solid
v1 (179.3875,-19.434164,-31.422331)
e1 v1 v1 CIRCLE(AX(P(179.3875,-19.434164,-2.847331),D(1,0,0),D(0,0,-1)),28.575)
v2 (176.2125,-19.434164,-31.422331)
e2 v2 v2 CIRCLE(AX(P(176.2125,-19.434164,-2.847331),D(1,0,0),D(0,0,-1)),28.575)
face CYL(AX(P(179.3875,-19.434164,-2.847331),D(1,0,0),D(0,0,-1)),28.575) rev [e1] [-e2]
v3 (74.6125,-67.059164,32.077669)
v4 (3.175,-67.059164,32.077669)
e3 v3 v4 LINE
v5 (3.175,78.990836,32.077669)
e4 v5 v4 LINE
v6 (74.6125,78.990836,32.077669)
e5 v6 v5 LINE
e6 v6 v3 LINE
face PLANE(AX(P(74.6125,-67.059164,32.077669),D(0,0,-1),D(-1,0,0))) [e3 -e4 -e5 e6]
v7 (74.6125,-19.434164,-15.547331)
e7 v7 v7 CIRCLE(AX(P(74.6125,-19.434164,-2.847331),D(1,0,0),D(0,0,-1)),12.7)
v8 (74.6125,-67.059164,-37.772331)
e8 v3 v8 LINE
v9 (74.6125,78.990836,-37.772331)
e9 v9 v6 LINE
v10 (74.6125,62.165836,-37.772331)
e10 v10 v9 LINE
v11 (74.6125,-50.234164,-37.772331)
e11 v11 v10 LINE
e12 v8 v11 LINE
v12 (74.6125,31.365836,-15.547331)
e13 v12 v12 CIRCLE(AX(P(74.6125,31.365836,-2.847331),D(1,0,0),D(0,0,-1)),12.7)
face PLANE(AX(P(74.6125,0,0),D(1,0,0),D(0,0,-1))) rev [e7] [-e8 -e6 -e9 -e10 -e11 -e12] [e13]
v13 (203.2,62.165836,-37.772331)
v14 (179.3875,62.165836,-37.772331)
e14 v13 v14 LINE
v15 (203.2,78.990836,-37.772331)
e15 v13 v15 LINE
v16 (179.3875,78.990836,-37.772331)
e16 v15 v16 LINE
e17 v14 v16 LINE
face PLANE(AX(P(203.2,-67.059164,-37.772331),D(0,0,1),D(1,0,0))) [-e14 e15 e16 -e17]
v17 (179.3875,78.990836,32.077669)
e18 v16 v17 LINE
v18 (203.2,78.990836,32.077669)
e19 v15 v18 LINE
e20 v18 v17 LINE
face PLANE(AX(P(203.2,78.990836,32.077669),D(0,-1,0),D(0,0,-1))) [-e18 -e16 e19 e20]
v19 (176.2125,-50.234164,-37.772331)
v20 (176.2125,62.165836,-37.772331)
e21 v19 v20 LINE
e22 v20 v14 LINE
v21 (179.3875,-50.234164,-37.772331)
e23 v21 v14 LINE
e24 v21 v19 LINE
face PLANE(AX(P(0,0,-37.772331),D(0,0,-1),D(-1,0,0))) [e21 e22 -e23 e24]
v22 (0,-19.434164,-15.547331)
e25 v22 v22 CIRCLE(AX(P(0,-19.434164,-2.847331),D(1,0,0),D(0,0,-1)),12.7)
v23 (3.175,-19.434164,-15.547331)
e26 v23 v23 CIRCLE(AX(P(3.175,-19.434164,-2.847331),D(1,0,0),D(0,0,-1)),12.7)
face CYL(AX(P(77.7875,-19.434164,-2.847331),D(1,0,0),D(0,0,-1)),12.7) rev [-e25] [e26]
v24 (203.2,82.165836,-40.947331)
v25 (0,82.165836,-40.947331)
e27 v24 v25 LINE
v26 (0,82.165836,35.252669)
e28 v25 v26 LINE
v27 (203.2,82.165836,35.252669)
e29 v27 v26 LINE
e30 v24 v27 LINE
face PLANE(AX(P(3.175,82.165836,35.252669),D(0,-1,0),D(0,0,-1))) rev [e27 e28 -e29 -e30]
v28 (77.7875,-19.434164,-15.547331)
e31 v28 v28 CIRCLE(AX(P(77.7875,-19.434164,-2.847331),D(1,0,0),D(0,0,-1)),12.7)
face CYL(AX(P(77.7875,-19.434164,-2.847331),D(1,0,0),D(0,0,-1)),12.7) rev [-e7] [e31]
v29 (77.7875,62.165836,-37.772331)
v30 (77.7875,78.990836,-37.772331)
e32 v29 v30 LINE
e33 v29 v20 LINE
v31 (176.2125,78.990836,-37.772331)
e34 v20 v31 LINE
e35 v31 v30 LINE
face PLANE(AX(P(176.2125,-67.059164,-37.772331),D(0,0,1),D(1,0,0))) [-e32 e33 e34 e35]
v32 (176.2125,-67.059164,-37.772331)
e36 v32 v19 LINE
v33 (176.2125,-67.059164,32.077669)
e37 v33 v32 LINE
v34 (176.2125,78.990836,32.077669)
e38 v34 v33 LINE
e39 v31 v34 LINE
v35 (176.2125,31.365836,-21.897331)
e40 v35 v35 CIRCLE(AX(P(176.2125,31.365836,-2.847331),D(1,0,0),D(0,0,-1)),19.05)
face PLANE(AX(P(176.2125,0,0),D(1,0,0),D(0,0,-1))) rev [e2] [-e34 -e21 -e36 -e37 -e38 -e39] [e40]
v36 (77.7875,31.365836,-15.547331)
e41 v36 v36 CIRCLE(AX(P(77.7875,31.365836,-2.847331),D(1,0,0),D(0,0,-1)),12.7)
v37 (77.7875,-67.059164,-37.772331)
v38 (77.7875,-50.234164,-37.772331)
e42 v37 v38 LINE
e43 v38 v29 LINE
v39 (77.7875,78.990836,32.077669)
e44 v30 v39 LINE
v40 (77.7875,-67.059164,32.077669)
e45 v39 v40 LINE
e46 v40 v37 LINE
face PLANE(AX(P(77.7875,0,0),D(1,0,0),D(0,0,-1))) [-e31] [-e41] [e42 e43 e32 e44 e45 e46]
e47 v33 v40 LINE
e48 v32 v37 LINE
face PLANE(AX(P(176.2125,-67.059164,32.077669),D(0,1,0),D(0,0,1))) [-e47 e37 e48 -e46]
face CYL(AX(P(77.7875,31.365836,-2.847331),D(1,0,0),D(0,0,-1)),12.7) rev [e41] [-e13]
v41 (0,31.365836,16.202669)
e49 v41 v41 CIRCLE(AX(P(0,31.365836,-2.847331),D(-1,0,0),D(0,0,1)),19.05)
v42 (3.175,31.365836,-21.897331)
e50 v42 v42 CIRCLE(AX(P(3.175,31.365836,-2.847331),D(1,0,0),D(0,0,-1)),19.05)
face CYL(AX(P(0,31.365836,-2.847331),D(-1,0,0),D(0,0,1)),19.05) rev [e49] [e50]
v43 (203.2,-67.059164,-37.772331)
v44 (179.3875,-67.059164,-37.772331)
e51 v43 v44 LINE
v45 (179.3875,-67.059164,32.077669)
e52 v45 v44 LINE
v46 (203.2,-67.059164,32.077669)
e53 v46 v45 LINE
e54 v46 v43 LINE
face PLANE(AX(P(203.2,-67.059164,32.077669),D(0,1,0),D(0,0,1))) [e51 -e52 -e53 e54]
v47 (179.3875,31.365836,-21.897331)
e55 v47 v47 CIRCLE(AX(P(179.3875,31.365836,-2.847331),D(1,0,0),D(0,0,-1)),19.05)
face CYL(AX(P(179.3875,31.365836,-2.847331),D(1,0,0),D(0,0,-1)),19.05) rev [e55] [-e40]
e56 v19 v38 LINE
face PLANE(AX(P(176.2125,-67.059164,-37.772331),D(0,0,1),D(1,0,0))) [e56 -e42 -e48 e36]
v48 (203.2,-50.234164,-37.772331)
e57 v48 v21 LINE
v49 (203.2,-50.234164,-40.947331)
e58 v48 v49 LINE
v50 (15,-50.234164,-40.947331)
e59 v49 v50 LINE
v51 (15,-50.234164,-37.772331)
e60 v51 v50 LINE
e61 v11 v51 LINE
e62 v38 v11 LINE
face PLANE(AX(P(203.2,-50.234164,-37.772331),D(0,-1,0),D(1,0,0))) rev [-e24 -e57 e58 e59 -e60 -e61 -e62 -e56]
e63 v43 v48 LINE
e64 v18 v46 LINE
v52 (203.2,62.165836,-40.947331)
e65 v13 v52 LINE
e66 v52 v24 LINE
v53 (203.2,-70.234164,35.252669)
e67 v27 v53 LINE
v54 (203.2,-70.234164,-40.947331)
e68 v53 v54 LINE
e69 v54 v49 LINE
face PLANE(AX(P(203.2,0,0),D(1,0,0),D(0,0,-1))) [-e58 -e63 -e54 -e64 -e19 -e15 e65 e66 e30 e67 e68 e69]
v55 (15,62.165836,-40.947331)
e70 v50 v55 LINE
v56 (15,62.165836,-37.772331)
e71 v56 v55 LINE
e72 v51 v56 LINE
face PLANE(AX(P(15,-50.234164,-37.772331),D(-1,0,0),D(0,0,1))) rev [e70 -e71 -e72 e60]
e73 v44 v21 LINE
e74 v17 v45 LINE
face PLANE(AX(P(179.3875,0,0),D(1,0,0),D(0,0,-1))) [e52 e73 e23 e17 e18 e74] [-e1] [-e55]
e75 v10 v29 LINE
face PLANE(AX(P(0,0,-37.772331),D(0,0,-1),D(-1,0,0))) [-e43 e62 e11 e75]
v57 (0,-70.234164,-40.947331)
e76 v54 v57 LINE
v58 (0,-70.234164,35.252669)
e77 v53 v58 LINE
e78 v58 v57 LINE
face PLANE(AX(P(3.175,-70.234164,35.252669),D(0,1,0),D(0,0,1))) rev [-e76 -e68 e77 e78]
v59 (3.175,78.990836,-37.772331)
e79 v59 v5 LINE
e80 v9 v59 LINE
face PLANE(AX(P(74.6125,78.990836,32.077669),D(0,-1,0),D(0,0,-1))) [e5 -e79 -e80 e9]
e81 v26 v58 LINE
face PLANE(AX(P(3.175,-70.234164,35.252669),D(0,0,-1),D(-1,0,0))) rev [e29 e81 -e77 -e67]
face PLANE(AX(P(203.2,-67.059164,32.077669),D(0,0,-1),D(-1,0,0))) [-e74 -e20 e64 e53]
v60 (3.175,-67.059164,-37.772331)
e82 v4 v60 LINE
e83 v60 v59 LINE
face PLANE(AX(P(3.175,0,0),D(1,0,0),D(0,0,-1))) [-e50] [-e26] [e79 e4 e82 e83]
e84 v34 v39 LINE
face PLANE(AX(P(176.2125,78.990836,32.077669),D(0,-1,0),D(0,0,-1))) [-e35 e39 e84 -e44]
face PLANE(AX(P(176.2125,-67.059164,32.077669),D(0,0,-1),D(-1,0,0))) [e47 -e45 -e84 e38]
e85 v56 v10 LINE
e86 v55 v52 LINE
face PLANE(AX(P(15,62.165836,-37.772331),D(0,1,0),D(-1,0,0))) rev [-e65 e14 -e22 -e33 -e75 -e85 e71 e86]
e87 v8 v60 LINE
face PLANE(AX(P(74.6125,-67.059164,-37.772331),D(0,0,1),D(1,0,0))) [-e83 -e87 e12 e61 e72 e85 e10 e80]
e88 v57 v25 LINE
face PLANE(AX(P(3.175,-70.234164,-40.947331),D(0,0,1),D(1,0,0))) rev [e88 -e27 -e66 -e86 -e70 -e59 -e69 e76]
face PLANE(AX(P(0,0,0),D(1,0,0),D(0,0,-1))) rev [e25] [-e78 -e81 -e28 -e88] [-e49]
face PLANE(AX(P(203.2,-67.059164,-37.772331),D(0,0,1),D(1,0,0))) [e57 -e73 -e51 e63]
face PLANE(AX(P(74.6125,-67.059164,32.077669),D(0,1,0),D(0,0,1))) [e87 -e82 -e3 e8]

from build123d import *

# Parameters (mm, degrees)
SKETCH2_W                      = 152.4
SKETCH2_H                      = 76.2
BOSS_EXTRUDE1_DEPTH            = 3.175
SKETCH3_W                      = 152.4
SKETCH3_H                      = 76.2
SKETCH3_W_2                    = 146.05
SKETCH3_H_2                    = 69.85
BOSS_EXTRUDE2_DEPTH            = 71.4375
SKETCH4_W                      = 152.4
SKETCH4_H                      = 76.2
BOSS_EXTRUDE3_DEPTH            = 3.175
SKETCH5_W                      = 152.4
SKETCH5_H                      = 76.2
SKETCH5_W_2                    = 146.05
SKETCH5_H_2                    = 69.85
BOSS_EXTRUDE4_DEPTH            = 98.425
F_97_1_DIAMETER_HOLE1_D        = 25.4
F_97_1_5_DIAMETER_HOLE1_D      = 38.1
F_97_1_5_DIAMETER_HOLE1_DEPTH  = 6.35
SKETCH6_W                      = 152.4
SKETCH6_H                      = 76.2
BOSS_EXTRUDE6_DEPTH            = 3.175
F_97_1_5_DIAMETER_HOLE2_D      = 38.1
F_97_1_5_DIAMETER_HOLE2_DEPTH  = 6.35
F_97_2_25_DIAMETER_HOLE1_D     = 57.15
F_97_2_25_DIAMETER_HOLE1_DEPTH = 6.35
SKETCH16_W                     = 152.4
SKETCH16_H                     = 76.2
SKETCH16_W_2                   = 146.05
SKETCH16_H_2                   = 69.85
BOSS_EXTRUDE7_DEPTH            = 23.8125
SKETCH17_W                     = 188.2
SKETCH17_H                     = 112.4
CUT_EXTRUDE1_DEPTH             = 3.175


with BuildPart() as part:
    # Sketch2 → Boss-Extrude1 (new body)
    with BuildSketch(Plane.YZ):
        with Locations((5.965836299, -2.847330961)):
            Rectangle(SKETCH2_W, SKETCH2_H)
    extrude(amount=BOSS_EXTRUDE1_DEPTH)

    # Sketch3 → Boss-Extrude2 (add)
    with BuildSketch(Plane.YZ.offset(3.175)):
        with Locations((5.965836299, -2.847330961)):
            Rectangle(SKETCH3_W, SKETCH3_H)
        with Locations((5.965836299, -2.847330961)):
            Rectangle(SKETCH3_W_2, SKETCH3_H_2, mode=Mode.SUBTRACT)
    extrude(amount=BOSS_EXTRUDE2_DEPTH)

    # Sketch4 → Boss-Extrude3 (add)
    with BuildSketch(Plane.YZ.offset(74.6125)):
        with Locations((5.965836299, -2.847330961)):
            Rectangle(SKETCH4_W, SKETCH4_H)
    extrude(amount=BOSS_EXTRUDE3_DEPTH)

    # Sketch5 → Boss-Extrude4 (add)
    with BuildSketch(Plane.YZ.offset(77.7875)):
        with Locations((5.965836299, -2.847330961)):
            Rectangle(SKETCH5_W, SKETCH5_H)
        with Locations((5.965836299, -2.847330961)):
            Rectangle(SKETCH5_W_2, SKETCH5_H_2, mode=Mode.SUBTRACT)
    extrude(amount=BOSS_EXTRUDE4_DEPTH)

    # #97 (1) Diameter Hole1 (through all)
    with Locations(Plane.YZ.offset(77.7875)):
        with Locations((-19.434163701, -2.847330961), (31.365836299, -2.847330961)):
            Hole(F_97_1_DIAMETER_HOLE1_D / 2)

    # #97 (1.5) Diameter Hole1
    with Locations(Plane(origin=(0, 0, 0), x_dir=(0, -1, 0), z_dir=(-1, 0, 0))):
        with Locations((-31.365836299, -2.847330961)):
            Hole(F_97_1_5_DIAMETER_HOLE1_D / 2, depth=F_97_1_5_DIAMETER_HOLE1_DEPTH)

    # Sketch6 → Boss-Extrude6 (add)
    with BuildSketch(Plane.YZ.offset(176.2125)):
        with Locations((5.965836299, -2.847330961)):
            Rectangle(SKETCH6_W, SKETCH6_H)
    extrude(amount=BOSS_EXTRUDE6_DEPTH)

    # #97 (1.5) Diameter Hole2
    with Locations(Plane.YZ.offset(179.3875)):
        with Locations((31.365836299, -2.847330961)):
            Hole(F_97_1_5_DIAMETER_HOLE2_D / 2, depth=F_97_1_5_DIAMETER_HOLE2_DEPTH)

    # #97 (2.25) Diameter Hole1
    with Locations(Plane.YZ.offset(179.3875)):
        with Locations((-19.434163701, -2.847330961)):
            Hole(F_97_2_25_DIAMETER_HOLE1_D / 2, depth=F_97_2_25_DIAMETER_HOLE1_DEPTH)

    # Sketch16 → Boss-Extrude7 (add)
    with BuildSketch(Plane.YZ.offset(179.3875)):
        with Locations((5.965836299, -2.847330961)):
            Rectangle(SKETCH16_W, SKETCH16_H)
        with Locations((5.965836299, -2.847330961)):
            Rectangle(SKETCH16_W_2, SKETCH16_H_2, mode=Mode.SUBTRACT)
    extrude(amount=BOSS_EXTRUDE7_DEPTH)

    # Sketch17 → Cut-Extrude1 (cut)
    with BuildSketch(Plane(origin=(0, 0, -40.947330961), x_dir=(1, 0, 0), z_dir=(0, 0, -1))):
        with Locations((109.1, -5.965836299)):
            Rectangle(SKETCH17_W, SKETCH17_H)
    extrude(amount=-CUT_EXTRUDE1_DEPTH, mode=Mode.SUBTRACT)


solid = part.part
